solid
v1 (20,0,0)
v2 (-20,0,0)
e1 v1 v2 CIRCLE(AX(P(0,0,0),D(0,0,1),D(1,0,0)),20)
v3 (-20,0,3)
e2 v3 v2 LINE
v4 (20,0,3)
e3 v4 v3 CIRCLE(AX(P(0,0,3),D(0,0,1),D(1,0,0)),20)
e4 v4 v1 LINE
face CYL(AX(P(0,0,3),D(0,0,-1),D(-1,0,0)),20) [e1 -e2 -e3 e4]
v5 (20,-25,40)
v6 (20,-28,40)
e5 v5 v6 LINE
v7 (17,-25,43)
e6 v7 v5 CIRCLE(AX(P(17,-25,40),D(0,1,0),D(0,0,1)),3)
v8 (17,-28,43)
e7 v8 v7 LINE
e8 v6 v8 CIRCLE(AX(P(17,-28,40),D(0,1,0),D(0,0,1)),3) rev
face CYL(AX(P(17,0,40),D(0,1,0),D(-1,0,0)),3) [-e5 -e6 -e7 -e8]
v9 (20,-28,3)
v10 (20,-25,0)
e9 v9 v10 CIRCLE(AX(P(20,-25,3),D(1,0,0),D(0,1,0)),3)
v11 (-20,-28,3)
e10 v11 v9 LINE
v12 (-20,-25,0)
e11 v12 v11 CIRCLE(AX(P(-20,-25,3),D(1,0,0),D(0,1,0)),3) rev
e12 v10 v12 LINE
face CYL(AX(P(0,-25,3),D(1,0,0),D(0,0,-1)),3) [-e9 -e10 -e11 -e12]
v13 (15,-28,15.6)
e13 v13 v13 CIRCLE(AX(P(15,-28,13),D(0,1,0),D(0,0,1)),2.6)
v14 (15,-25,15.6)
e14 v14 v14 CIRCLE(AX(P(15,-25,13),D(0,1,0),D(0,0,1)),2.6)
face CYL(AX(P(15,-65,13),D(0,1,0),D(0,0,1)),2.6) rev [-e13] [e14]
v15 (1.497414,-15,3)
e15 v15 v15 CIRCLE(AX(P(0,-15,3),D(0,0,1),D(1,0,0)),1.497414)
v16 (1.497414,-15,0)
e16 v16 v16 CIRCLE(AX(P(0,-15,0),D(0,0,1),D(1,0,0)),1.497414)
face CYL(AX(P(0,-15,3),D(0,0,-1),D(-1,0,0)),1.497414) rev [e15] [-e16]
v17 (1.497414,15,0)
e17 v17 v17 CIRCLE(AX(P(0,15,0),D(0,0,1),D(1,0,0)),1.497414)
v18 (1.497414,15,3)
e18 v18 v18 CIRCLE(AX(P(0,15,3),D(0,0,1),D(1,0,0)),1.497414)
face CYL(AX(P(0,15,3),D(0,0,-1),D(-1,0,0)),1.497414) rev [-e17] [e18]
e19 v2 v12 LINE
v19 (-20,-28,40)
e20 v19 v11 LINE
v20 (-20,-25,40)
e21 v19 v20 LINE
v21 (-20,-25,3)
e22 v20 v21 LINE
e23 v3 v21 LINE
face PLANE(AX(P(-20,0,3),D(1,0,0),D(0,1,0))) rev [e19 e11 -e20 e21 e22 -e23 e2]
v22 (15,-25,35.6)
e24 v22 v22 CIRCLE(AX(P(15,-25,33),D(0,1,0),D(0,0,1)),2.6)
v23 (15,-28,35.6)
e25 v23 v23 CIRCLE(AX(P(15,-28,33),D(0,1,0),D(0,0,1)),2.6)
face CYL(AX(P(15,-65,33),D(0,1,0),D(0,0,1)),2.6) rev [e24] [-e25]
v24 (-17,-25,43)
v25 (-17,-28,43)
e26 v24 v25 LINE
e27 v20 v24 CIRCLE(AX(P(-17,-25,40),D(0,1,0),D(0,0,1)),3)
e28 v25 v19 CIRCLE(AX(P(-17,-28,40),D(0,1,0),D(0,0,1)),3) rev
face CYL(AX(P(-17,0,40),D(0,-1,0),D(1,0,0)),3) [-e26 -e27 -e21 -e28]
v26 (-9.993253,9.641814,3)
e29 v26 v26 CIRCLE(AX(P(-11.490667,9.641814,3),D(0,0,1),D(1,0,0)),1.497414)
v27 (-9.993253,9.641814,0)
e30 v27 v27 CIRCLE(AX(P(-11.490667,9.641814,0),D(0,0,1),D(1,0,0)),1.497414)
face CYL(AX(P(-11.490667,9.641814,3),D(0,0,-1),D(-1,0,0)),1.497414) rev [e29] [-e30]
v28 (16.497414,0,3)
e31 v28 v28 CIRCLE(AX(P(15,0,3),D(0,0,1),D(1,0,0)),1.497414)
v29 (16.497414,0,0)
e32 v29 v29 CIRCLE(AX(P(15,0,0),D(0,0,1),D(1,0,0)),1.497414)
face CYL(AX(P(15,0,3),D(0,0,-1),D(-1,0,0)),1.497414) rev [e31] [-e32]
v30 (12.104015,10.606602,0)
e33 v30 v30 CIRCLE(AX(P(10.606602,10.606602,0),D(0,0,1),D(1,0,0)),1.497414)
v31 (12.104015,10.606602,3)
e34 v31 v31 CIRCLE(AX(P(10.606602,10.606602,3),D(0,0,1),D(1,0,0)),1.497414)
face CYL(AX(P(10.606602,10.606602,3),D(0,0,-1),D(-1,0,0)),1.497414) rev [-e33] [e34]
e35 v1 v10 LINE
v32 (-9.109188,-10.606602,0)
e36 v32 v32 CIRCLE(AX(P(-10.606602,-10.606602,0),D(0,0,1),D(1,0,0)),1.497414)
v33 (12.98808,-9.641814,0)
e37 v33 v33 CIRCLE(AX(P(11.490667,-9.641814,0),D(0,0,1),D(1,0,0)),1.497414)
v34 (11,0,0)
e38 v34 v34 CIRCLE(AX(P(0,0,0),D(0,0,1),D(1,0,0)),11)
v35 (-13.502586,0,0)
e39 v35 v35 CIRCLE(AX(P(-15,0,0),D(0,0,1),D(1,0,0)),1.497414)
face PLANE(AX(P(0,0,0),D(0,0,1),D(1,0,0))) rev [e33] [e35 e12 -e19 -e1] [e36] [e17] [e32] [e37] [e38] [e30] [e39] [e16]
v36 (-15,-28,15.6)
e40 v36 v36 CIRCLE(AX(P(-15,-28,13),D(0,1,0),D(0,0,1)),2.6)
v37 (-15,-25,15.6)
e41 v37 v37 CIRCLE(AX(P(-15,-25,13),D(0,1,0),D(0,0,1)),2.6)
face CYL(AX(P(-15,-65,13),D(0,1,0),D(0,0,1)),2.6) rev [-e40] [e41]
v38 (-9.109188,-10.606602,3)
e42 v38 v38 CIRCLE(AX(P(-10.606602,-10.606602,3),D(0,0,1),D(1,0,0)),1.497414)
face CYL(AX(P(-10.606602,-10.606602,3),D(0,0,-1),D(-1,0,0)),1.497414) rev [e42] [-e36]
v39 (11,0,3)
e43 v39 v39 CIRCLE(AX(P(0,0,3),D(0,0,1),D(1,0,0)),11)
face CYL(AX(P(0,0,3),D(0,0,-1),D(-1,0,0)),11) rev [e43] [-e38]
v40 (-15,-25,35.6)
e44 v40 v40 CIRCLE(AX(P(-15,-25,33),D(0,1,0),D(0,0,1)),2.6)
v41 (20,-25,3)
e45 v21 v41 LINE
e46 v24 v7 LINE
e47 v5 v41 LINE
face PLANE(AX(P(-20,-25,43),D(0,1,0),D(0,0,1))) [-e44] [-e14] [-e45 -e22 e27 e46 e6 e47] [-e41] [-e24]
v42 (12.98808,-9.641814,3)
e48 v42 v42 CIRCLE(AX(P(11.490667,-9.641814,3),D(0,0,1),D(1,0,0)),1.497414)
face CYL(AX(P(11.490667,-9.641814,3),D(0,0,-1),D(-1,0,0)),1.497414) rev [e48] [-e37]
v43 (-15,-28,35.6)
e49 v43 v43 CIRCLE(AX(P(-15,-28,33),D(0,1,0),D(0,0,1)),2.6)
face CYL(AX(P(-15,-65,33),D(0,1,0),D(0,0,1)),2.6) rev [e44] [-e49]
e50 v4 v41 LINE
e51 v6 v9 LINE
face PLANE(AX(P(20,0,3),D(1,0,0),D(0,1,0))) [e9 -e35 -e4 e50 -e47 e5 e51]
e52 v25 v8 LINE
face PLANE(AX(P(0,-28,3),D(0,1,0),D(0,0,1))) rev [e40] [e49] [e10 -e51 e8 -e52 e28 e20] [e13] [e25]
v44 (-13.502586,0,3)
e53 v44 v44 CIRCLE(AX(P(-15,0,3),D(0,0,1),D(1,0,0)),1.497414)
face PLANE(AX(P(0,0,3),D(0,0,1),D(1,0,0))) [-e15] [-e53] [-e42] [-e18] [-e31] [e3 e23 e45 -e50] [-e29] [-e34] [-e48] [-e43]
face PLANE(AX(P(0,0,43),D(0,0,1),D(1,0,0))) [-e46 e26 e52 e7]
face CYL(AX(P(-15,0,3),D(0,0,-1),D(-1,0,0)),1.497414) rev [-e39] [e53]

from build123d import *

# Parameters (mm, degrees)
EXTRUDE_1_DEPTH     = 3
SKETCH_2_W          = 40
SKETCH_2_H          = 3
EXTRUDE_2_DEPTH     = 40
SKETCH_3_R          = 2.6
CUT_EXTRUDE_1_DEPTH = 40
FILLET_1_R          = 3


with BuildPart() as part:
    # 草图1 → 凸台-拉伸1 (new body)
    with BuildSketch(Plane.XY):
        with BuildLine():
            Line((11, 0), (13.502586321, 0))
            ThreePointArc((13.502586321, 0), (13.915065254, 1.032067984), (14.925258409, 1.495547198))
            ThreePointArc((14.925258409, 1.495547198), (13.858192988, 5.740251485), (11.611262997, 9.496239867))
            ThreePointArc((11.611262997, 9.496239867), (9.547770351, 9.547770351), (9.496239867, 11.611262997))
            ThreePointArc((9.496239867, 11.611262997), (5.740251485, 13.858192988), (1.495547198, 14.925258409))
            ThreePointArc((1.495547198, 14.925258409), (0, 13.502586321), (-1.495547198, 14.925258409))
            ThreePointArc((-1.495547198, 14.925258409), (-6.339273926, 13.594616806), (-10.472092058, 10.739426797))
            ThreePointArc((-10.472092058, 10.739426797), (-10.118173432, 10.240571276), (-9.993252967, 9.641814145))
            ThreePointArc((-9.993252967, 9.641814145), (-10.824149511, 8.300917939), (-12.394730475, 8.448115556))
            ThreePointArc((-12.394730475, 8.448115556), (-14.095389312, 5.13030215), (-14.925258409, 1.495547198))
            ThreePointArc((-14.925258409, 1.495547198), (-13.915065254, 1.032067984), (-13.502586321, 0))
            Line((-13.502586321, 0), (-11, 0))
            ThreePointArc((-11, 0), (0, 11), (11, 0))
        make_face()
        with BuildLine():
            ThreePointArc((14.925258409, -1.495547198), (13.915065254, -1.032067984), (13.502586321, 0))
            Line((13.502586321, 0), (11, 0))
            ThreePointArc((11, 0), (0, -11), (-11, 0))
            Line((-11, 0), (-13.502586321, 0))
            ThreePointArc((-13.502586321, 0), (-13.915065254, -1.032067984), (-14.925258409, -1.495547198))
            ThreePointArc((-14.925258409, -1.495547198), (-13.858192988, -5.740251485), (-11.611262997, -9.496239867))
            ThreePointArc((-11.611262997, -9.496239867), (-9.99920803, -9.237908679), (-9.109188038, -10.606601718))
            ThreePointArc((-9.109188038, -10.606601718), (-9.209297393, -11.144921652), (-9.496239867, -11.611262997))
            ThreePointArc((-9.496239867, -11.611262997), (-5.740251485, -13.858192988), (-1.495547198, -14.925258409))
            ThreePointArc((-1.495547198, -14.925258409), (0, -13.502586321), (1.495547198, -14.925258409))
            ThreePointArc((1.495547198, -14.925258409), (6.339273926, -13.594616806), (10.472092058, -10.739426797))
            ThreePointArc((10.472092058, -10.739426797), (10.343581219, -8.679295186), (12.394730475, -8.448115556))
            ThreePointArc((12.394730475, -8.448115556), (14.095389312, -5.13030215), (14.925258409, -1.495547198))
        make_face()
        with BuildLine():
            ThreePointArc((14.925258409, 1.495547198), (16.032067984, 1.084934746), (16.497413679, 0))
            Line((16.497413679, 0), (20, 0))
            ThreePointArc((20, 0), (0, 20), (-20, 0))
            Line((-20, 0), (-16.497413679, 0))
            ThreePointArc((-16.497413679, 0), (-16.032067984, 1.084934746), (-14.925258409, 1.495547198))
            ThreePointArc((-14.925258409, 1.495547198), (-14.095389312, 5.13030215), (-12.394730475, 8.448115556))
            ThreePointArc((-12.394730475, 8.448115556), (-12.637752075, 10.604333105), (-10.472092058, 10.739426797))
            ThreePointArc((-10.472092058, 10.739426797), (-6.339273926, 13.594616806), (-1.495547198, 14.925258409))
            ThreePointArc((-1.495547198, 14.925258409), (-0.037382446, 16.496946986), (1.497413679, 15))
            ThreePointArc((1.497413679, 15), (1.496946986, 14.962617554), (1.495547198, 14.925258409))
            ThreePointArc((1.495547198, 14.925258409), (5.740251485, 13.858192988), (9.496239867, 11.611262997))
            ThreePointArc((9.496239867, 11.611262997), (11.144921652, 12.003906043), (12.104015397, 10.606601718))
            ThreePointArc((12.104015397, 10.606601718), (11.975294757, 9.99920803), (11.611262997, 9.496239867))
            ThreePointArc((11.611262997, 9.496239867), (13.858192988, 5.740251485), (14.925258409, 1.495547198))
        make_face()
        with BuildLine():
            Line((20, 0), (16.497413679, 0))
            ThreePointArc((16.497413679, 0), (16.032067984, -1.084934746), (14.925258409, -1.495547198))
            ThreePointArc((14.925258409, -1.495547198), (14.095389312, -5.13030215), (12.394730475, -8.448115556))
            ThreePointArc((12.394730475, -8.448115556), (12.831562853, -8.97529701), (12.988080326, -9.641814145))
            ThreePointArc((12.988080326, -9.641814145), (12.089423778, -11.01430736), (10.472092058, -10.739426797))
            ThreePointArc((10.472092058, -10.739426797), (6.339273926, -13.594616806), (1.495547198, -14.925258409))
            ThreePointArc((1.495547198, -14.925258409), (1.496946986, -14.962617554), (1.497413679, -15))
            ThreePointArc((1.497413679, -15), (-0.037382446, -16.496946986), (-1.495547198, -14.925258409))
            ThreePointArc((-1.495547198, -14.925258409), (-5.740251485, -13.858192988), (-9.496239867, -11.611262997))
            ThreePointArc((-9.496239867, -11.611262997), (-11.665433085, -11.665433085), (-11.611262997, -9.496239867))
            ThreePointArc((-11.611262997, -9.496239867), (-13.858192988, -5.740251485), (-14.925258409, -1.495547198))
            ThreePointArc((-14.925258409, -1.495547198), (-16.032067984, -1.084934746), (-16.497413679, 0))
            Line((-16.497413679, 0), (-20, 0))
            ThreePointArc((-20, 0), (0, -20), (20, 0))
        make_face()
        with BuildLine():
            Line((20, -28), (20, 0))
            ThreePointArc((20, 0), (0, -20), (-20, 0))
            Line((-20, 0), (-20, -28))
            Line((-20, -28), (20, -28))
        make_face()
    extrude(amount=EXTRUDE_1_DEPTH)

    # 草图2 → 凸台-拉伸2 (add)
    with BuildSketch(Plane.XY.offset(3)):
        with Locations((0, -26.5)):
            Rectangle(SKETCH_2_W, SKETCH_2_H)
    extrude(amount=EXTRUDE_2_DEPTH)

    # 草图3 → 切除-拉伸1 (cut)
    with BuildSketch(Plane(origin=(0, -25, 0), x_dir=(1, 0, 0), z_dir=(0, 1, 0))):
        with Locations(Location((-15, -13, 0), (0, 0, 270))):
            Circle(SKETCH_3_R)
        with Locations(Location((-15, -33, 0), (0, 0, 270))):
            Circle(SKETCH_3_R)
        with Locations(Location((15, -33, 0), (0, 0, 270))):
            Circle(SKETCH_3_R)
        with Locations(Location((15, -13, 0), (0, 0, 270))):
            Circle(SKETCH_3_R)
    extrude(amount=-CUT_EXTRUDE_1_DEPTH, mode=Mode.SUBTRACT)

    # 圆角1
    fillet_1_edges = [part.edges().sort_by_distance(p)[0] for p in [
        (0, -28, 0),
        (-20, -26.5, 43),
        (20, -26.5, 43),
    ]]
    fillet(fillet_1_edges, radius=FILLET_1_R)


solid = part.part
